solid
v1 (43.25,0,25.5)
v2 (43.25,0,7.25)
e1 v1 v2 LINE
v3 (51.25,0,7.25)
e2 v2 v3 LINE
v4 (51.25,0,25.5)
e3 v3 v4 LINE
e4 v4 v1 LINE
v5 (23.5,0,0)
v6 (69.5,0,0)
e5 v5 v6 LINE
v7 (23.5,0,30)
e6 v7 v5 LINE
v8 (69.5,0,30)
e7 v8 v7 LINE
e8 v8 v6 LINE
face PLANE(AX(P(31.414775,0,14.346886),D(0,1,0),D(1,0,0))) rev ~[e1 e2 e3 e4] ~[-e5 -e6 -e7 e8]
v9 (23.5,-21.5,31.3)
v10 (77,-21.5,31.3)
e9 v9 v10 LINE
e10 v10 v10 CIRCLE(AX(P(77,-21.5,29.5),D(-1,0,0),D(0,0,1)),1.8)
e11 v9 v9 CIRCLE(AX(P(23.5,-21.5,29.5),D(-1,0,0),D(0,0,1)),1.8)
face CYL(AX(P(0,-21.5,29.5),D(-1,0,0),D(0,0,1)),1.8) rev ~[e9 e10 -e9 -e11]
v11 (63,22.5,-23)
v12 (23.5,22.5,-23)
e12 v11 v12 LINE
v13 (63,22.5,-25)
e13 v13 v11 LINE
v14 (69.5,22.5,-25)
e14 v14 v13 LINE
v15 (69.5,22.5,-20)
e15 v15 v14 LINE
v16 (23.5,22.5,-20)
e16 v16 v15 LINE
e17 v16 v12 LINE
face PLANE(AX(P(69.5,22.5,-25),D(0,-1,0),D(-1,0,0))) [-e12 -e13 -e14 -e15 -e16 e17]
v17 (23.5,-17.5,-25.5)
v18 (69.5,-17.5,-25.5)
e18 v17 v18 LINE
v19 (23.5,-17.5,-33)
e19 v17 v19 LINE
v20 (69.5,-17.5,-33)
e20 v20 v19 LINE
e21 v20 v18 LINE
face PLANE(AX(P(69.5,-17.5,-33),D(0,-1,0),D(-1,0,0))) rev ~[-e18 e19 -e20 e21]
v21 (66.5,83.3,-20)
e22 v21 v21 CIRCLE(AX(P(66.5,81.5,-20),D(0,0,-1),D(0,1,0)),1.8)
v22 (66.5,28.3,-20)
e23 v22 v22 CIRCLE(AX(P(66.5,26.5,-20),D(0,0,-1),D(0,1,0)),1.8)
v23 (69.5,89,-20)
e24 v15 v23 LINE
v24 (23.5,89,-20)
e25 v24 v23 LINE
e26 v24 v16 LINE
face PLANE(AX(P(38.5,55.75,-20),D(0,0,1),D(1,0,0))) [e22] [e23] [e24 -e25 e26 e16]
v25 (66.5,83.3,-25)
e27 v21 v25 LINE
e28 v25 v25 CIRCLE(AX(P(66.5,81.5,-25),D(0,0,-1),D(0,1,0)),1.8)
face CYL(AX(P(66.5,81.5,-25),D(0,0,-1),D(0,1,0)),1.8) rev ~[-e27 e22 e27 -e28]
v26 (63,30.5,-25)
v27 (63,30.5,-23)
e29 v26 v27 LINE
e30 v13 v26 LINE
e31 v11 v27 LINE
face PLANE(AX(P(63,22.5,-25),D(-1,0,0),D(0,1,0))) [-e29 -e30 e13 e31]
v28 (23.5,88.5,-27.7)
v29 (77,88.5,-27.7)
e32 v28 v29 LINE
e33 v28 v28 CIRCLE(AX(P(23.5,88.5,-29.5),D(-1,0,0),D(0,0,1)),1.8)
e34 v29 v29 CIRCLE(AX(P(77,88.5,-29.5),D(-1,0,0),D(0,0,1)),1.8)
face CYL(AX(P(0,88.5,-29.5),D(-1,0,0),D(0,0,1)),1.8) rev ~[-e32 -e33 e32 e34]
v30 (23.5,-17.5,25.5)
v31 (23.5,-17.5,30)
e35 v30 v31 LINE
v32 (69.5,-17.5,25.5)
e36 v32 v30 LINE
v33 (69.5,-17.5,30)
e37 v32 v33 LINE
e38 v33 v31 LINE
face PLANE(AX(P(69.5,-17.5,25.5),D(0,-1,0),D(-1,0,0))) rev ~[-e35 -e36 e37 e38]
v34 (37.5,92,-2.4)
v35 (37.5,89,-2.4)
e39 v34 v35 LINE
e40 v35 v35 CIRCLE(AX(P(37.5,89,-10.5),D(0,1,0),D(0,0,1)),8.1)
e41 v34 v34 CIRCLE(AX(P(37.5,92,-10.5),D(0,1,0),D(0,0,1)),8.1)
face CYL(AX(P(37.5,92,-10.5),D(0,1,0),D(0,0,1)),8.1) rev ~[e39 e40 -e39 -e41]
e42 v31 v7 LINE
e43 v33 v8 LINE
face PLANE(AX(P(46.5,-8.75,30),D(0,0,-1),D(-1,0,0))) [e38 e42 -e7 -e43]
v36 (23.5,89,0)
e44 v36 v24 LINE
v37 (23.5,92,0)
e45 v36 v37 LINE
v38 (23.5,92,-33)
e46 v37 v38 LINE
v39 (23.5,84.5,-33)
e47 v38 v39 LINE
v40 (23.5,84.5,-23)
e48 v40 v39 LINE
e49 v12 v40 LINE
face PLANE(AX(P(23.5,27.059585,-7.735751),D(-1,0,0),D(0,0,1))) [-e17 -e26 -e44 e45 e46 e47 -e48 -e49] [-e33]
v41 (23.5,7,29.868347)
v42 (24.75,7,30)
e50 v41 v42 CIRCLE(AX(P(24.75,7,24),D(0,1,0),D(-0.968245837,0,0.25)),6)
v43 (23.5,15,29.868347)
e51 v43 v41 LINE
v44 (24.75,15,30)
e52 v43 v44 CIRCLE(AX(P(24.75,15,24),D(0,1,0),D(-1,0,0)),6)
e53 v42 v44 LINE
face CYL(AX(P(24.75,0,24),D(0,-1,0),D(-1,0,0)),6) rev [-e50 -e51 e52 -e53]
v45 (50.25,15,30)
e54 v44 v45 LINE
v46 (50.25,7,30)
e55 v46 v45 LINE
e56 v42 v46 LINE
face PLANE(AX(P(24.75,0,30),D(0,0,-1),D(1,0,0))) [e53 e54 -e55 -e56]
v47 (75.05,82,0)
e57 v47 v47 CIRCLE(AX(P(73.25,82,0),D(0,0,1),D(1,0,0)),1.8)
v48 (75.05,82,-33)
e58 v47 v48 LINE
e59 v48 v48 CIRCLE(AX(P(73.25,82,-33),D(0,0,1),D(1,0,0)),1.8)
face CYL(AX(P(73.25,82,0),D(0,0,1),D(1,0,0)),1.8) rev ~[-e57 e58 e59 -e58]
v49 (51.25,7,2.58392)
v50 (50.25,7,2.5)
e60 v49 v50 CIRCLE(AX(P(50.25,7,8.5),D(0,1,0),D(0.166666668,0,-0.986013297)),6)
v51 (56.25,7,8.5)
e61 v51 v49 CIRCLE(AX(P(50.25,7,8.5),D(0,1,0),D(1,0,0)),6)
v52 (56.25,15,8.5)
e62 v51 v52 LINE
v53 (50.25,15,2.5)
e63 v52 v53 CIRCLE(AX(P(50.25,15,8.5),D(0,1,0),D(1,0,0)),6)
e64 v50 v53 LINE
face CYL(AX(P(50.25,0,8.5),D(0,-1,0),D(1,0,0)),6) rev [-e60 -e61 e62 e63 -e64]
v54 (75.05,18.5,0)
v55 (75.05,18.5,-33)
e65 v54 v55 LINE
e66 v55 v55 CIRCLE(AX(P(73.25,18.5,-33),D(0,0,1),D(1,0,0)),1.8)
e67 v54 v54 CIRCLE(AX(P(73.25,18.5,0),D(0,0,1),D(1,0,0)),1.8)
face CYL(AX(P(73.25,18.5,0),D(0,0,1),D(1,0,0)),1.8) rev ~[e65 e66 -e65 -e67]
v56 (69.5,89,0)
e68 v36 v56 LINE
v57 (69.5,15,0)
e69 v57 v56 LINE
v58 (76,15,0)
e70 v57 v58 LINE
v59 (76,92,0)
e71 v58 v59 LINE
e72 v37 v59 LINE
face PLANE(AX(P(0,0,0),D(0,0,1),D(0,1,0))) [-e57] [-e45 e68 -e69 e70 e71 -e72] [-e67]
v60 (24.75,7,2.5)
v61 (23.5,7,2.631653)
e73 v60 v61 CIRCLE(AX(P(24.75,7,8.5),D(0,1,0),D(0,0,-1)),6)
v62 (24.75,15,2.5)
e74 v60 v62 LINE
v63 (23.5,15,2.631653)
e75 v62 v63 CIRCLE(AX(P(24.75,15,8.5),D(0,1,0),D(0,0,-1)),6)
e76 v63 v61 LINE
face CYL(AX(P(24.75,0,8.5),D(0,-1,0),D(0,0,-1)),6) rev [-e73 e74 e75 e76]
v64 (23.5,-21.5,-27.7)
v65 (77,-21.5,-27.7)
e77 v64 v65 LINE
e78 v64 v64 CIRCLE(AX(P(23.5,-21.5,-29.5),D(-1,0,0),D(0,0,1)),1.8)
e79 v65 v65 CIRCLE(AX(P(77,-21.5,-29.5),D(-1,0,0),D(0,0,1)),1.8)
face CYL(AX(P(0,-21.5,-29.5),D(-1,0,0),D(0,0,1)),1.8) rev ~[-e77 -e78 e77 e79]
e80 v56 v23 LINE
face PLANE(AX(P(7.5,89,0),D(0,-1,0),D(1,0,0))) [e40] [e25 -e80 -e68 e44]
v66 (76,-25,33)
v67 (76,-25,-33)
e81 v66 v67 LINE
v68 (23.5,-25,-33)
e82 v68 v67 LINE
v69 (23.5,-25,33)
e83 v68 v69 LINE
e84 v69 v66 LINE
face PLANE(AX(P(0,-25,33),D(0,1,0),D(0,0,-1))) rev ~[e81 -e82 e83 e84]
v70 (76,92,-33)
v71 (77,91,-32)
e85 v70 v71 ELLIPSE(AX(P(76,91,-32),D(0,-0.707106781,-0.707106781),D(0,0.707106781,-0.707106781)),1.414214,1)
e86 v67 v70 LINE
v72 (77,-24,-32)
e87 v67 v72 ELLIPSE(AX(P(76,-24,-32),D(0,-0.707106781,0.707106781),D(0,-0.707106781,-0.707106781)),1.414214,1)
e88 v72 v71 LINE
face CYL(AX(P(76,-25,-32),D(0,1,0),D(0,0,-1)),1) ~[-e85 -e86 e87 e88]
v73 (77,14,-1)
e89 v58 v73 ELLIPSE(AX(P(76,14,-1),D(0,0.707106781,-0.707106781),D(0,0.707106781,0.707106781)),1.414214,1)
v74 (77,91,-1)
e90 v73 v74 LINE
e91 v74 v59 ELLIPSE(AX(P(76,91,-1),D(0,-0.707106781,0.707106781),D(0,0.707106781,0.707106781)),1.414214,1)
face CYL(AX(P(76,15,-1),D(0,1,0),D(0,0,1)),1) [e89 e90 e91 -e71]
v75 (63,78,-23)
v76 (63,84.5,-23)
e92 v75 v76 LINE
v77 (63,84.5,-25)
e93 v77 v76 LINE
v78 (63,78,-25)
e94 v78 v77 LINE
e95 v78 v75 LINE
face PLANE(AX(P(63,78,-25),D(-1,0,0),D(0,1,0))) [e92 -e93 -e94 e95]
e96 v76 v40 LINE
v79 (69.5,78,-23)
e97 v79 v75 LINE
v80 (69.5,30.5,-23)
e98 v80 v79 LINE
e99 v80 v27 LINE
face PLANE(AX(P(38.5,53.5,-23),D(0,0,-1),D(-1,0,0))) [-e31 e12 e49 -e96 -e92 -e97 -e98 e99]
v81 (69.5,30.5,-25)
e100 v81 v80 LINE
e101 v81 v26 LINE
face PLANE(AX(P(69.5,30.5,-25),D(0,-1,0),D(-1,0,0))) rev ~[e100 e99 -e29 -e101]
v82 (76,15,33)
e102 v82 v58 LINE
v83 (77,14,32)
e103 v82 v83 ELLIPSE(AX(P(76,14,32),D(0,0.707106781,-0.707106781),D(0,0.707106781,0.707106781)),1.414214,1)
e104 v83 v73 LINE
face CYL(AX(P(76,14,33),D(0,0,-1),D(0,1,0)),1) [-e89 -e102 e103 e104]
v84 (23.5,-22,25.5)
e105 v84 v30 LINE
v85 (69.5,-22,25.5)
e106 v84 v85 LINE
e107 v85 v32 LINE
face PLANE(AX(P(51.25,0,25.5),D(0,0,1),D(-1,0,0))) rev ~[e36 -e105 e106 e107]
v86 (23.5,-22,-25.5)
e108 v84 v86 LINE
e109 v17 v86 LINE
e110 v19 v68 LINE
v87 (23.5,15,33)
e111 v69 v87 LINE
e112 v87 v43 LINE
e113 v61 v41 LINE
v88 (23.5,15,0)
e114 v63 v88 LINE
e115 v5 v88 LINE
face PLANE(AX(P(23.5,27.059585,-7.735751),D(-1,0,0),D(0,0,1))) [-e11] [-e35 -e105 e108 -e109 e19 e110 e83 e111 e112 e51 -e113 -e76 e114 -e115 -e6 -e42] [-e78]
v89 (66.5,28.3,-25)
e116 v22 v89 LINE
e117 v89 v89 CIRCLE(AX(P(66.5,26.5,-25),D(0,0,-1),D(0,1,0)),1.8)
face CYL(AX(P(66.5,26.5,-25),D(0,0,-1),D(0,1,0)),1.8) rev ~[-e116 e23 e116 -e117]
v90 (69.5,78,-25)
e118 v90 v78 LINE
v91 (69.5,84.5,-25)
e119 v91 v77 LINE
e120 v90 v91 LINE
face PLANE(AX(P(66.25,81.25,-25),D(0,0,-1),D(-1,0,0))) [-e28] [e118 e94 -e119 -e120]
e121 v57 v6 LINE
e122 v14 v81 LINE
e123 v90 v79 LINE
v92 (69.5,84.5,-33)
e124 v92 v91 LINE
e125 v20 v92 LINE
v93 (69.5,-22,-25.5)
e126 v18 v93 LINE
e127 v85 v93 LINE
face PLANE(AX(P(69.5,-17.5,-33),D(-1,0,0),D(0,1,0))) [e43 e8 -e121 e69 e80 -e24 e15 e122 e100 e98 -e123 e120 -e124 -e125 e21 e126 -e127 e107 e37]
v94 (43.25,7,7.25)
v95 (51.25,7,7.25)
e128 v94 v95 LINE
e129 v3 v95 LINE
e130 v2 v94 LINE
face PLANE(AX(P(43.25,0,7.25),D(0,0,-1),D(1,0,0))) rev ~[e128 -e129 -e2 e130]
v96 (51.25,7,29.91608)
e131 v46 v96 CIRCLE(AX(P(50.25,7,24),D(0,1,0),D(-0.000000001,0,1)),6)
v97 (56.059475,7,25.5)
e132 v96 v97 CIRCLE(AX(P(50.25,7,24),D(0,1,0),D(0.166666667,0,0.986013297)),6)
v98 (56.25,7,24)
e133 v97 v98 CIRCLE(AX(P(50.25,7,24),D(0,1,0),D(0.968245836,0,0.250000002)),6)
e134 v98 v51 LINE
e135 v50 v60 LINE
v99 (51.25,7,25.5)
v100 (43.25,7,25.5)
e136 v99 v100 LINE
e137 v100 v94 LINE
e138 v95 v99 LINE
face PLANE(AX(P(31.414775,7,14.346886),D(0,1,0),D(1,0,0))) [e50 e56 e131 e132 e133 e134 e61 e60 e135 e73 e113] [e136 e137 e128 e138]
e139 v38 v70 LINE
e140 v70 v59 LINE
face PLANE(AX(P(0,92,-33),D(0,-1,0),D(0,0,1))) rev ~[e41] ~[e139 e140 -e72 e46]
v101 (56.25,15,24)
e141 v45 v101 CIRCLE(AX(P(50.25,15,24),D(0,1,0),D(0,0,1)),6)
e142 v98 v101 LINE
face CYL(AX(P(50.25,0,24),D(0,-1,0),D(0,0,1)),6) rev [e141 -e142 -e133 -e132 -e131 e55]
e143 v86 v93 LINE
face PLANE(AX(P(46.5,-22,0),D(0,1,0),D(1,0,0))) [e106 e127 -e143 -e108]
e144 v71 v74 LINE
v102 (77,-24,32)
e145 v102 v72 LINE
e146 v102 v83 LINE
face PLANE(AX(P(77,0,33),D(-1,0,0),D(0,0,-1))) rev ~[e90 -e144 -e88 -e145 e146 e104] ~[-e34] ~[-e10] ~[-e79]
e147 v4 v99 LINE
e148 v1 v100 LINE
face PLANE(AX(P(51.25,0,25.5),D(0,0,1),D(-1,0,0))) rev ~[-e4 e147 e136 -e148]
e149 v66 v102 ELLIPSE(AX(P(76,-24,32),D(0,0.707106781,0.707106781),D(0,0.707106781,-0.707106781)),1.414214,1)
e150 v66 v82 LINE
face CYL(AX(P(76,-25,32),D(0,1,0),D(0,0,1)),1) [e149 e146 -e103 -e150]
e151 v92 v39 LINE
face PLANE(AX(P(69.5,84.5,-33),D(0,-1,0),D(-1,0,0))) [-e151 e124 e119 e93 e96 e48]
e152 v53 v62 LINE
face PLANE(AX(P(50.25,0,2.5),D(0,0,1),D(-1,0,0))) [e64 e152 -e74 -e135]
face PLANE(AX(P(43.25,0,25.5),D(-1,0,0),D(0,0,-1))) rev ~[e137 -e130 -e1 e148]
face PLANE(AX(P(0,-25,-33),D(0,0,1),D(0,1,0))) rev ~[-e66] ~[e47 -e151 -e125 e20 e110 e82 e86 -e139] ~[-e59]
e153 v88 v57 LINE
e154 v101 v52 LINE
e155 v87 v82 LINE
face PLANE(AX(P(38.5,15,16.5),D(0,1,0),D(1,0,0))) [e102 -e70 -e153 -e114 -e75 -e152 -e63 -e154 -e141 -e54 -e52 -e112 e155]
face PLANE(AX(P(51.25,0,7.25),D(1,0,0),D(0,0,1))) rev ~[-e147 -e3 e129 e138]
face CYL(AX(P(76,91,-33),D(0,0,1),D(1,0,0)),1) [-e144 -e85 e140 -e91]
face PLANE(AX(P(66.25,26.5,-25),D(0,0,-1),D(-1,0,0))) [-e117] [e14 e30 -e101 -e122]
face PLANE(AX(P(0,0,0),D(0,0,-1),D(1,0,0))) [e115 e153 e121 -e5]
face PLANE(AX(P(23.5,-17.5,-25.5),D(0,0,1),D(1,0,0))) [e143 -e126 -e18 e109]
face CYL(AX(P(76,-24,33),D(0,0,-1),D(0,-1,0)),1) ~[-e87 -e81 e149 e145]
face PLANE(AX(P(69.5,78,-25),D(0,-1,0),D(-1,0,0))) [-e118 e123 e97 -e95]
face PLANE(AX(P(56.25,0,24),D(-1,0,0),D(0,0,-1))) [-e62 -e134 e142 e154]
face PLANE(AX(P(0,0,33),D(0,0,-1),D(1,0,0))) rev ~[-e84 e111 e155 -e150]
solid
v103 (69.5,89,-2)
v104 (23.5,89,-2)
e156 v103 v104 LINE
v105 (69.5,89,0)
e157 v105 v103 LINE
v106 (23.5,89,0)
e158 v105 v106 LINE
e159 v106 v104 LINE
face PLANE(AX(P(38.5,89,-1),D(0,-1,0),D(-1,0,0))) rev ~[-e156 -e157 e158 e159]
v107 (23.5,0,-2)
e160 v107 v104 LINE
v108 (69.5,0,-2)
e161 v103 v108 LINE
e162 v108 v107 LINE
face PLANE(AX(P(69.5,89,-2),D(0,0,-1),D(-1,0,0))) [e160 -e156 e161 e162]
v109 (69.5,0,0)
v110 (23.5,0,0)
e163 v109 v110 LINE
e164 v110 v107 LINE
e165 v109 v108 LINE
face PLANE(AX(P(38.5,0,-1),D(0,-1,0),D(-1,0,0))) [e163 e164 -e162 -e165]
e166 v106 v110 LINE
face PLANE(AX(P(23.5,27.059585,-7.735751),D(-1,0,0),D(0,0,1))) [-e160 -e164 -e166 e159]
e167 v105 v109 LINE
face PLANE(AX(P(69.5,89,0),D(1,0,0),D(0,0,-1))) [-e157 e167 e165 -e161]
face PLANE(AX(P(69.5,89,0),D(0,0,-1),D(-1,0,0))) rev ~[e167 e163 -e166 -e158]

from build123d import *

# Parameters (mm, degrees)
SKETCH_1_W           = 33
SKETCH_1_H           = 25
SKETCH_1_W_2         = 23
SKETCH_1_H_2         = 117
SKETCH_1_W_3         = 10
EXTRUDE_1_DEPTH      = 77
SKETCH_2_W           = 62
SKETCH_2_H           = 62
CUT_EXTRUDE_1_DEPTH  = 10
SKETCH_3_R           = 8.1
CUT_EXTRUDE_2_DEPTH  = 10
SKETCH_4_W           = 62
SKETCH_4_H           = 40
CUT_EXTRUDE_3_DEPTH  = 58.5
SKETCH_5_W           = 77
SKETCH_5_H           = 33
EXTRUDE_2_DEPTH      = 15
EXTRUDE_3_DEPTH      = 7
SKETCH_7_W           = 62
SKETCH_7_H           = 66.5
CUT_EXTRUDE_4_DEPTH  = 20
SKETCH_8_W           = 62
SKETCH_8_H           = 2
EXTRUDE_4_DEPTH      = 89
SKETCH_9_R           = 1.8
CUT_EXTRUDE_5_DEPTH  = 125.426685241
SKETCH_10_R          = 1.8
CUT_EXTRUDE_6_DEPTH  = 125.426685241
SKETCH_12_R          = 1.8
CUT_EXTRUDE_7_DEPTH  = 3
SKETCH_13_W          = 7.5
SKETCH_13_H          = 11.5
CUT_EXTRUDE_8_DEPTH  = 10
EXTRUDE_START        = 2
SKETCH_14_W          = 6.5
SKETCH_14_H          = 6.5
SKETCH_14_R          = 1.8
SKETCH_14_W_2        = 8
SKETCH_14_H_2        = 8
EXTRUDE_6_DEPTH      = 2
CUT_EXTRUDE_9_DEPTH  = 23.5
SKETCH_17_W          = 46
SKETCH_17_H          = 51
CUT_EXTRUDE_11_DEPTH = 4.5
SKETCH_18_W          = 46
SKETCH_18_H          = 17.5
CUT_EXTRUDE_12_DEPTH = 4.5
FILLET_1_R           = 1


with BuildPart() as part:
    # Sketch 1 → Extrude 1 (new body)
    with BuildSketch(Plane(origin=(0, 0, 0), x_dir=(0, 0, -1), z_dir=(1, 0, 0))):
        with Locations((-16.5, -12.5)):
            Rectangle(SKETCH_1_W, SKETCH_1_H)
        with Locations((11.5, 33.5)):
            Rectangle(SKETCH_1_W_2, SKETCH_1_H_2)
        with Locations((28, 33.5)):
            Rectangle(SKETCH_1_W_3, SKETCH_1_H_2)
    extrude(amount=EXTRUDE_1_DEPTH)

    # Sketch 2 → Cut-Extrude 1 (cut)
    with BuildSketch(Plane(origin=(0, 0, -33), x_dir=(-1, 0, 0), z_dir=(0, 0, -1))):
        with Locations((-38.5, 53.5)):
            Rectangle(SKETCH_2_W, SKETCH_2_H)
    extrude(amount=-CUT_EXTRUDE_1_DEPTH, mode=Mode.SUBTRACT)

    # Sketch 3 → Cut-Extrude 2 (cut)
    with BuildSketch(Plane(origin=(0, 92, 0), x_dir=(1, 0, 0), z_dir=(0, 1, 0))):
        with Locations(Location((37.5, 10.5, 0), (0, 0, 270))):
            Circle(SKETCH_3_R)
    extrude(amount=-CUT_EXTRUDE_2_DEPTH, mode=Mode.SUBTRACT)

    # Sketch 4 → Cut-Extrude 3 (cut)
    with BuildSketch(Plane(origin=(0, 0, -33), x_dir=(-1, 0, 0), z_dir=(0, 0, -1))):
        with Locations((-38.5, 2.5)):
            Rectangle(SKETCH_4_W, SKETCH_4_H)
    extrude(amount=-CUT_EXTRUDE_3_DEPTH, mode=Mode.SUBTRACT)

    # Sketch 5 → Extrude 2 (add)
    with BuildSketch(Plane(origin=(0, 0, 0), x_dir=(1, 0, 0), z_dir=(0, 1, 0))):
        with Locations((38.5, -16.5)):
            Rectangle(SKETCH_5_W, SKETCH_5_H)
        with BuildLine():
            Line((50.25, -2.5), (24.75, -2.5))
            ThreePointArc((24.75, -2.5), (20.507359313, -4.257359313), (18.75, -8.5))
            Line((18.75, -8.5), (18.75, -24))
            ThreePointArc((18.75, -24), (20.507359313, -28.242640687), (24.75, -30))
            Line((24.75, -30), (50.25, -30))
            ThreePointArc((50.25, -30), (54.492640687, -28.242640687), (56.25, -24))
            Line((56.25, -24), (56.25, -8.5))
            ThreePointArc((56.25, -8.5), (54.492640687, -4.257359313), (50.25, -2.5))
        make_face(mode=Mode.SUBTRACT)
    extrude(amount=EXTRUDE_2_DEPTH)

    # Sketch 6 → Extrude 3 (add)
    with BuildSketch(Plane(origin=(0, 0, 0), x_dir=(1, 0, 0), z_dir=(0, 1, 0))):
        with BuildLine():
            Line((43.25, -25.5), (43.25, -25.25))
            Line((43.25, -25.25), (43.25, -7.25))
            Line((43.25, -7.25), (43.25, -2.5))
            Line((43.25, -2.5), (24.75, -2.5))
            ThreePointArc((24.75, -2.5), (20.507359313, -4.257359313), (18.75, -8.5))
            Line((18.75, -8.5), (18.75, -24))
            ThreePointArc((18.75, -24), (18.797821822, -24.756025755), (18.940524981, -25.5))
            Line((18.940524981, -25.5), (43.25, -25.5))
        make_face()
        with BuildLine():
            Line((43.25, -30), (43.25, -25.5))
            Line((43.25, -25.5), (18.940524981, -25.5))
            ThreePointArc((18.940524981, -25.5), (21.075765386, -28.74341649), (24.75, -30))
            Line((24.75, -30), (43.25, -30))
        make_face()
        with BuildLine():
            Line((51.25, -25.5), (43.25, -25.5))
            Line((43.25, -25.5), (43.25, -30))
            Line((43.25, -30), (50.25, -30))
            ThreePointArc((50.25, -30), (50.751757562, -29.978983137), (51.25, -29.916079783))
            Line((51.25, -29.916079783), (51.25, -25.5))
        make_face()
        with BuildLine():
            Line((51.25, -7.25), (51.25, -25.25))
            Line((51.25, -25.25), (51.25, -25.5))
            Line((51.25, -25.5), (56.059475019, -25.5))
            ThreePointArc((56.059475019, -25.5), (56.202178178, -24.756025755), (56.25, -24))
            Line((56.25, -24), (56.25, -8.5))
            ThreePointArc((56.25, -8.5), (54.832575695, -4.627016654), (51.25, -2.583920217))
            Line((51.25, -2.583920217), (51.25, -7.25))
        make_face()
        with BuildLine():
            Line((56.059475019, -25.5), (51.25, -25.5))
            Line((51.25, -25.5), (51.25, -29.916079783))
            ThreePointArc((51.25, -29.916079783), (54.308038648, -28.419538701), (56.059475019, -25.5))
        make_face()
        with BuildLine():
            Line((43.25, -2.5), (43.25, -7.25))
            Line((43.25, -7.25), (51.25, -7.25))
            Line((51.25, -7.25), (51.25, -2.583920217))
            ThreePointArc((51.25, -2.583920217), (50.751757562, -2.521016863), (50.25, -2.5))
            Line((50.25, -2.5), (43.25, -2.5))
        make_face()
    extrude(amount=EXTRUDE_3_DEPTH)

    # Sketch 7 → Cut-Extrude 4 (cut)
    with BuildSketch(Plane.XY):
        with Locations((38.5, 55.75)):
            Rectangle(SKETCH_7_W, SKETCH_7_H)
    extrude(amount=-CUT_EXTRUDE_4_DEPTH, mode=Mode.SUBTRACT)

    # Sketch 9 → Cut-Extrude 5 (cut, through all)
    with BuildSketch(Plane.ZY):
        with Locations((-29.5, 88.5)):
            Circle(SKETCH_9_R)
        with Locations((-29.5, -21.5)):
            Circle(SKETCH_9_R)
        with Locations((29.5, -21.5)):
            Circle(SKETCH_9_R)
    extrude(amount=-CUT_EXTRUDE_5_DEPTH, mode=Mode.SUBTRACT)

    # Sketch 10 → Cut-Extrude 6 (cut, through all)
    with BuildSketch(Plane.XY):
        with Locations((3.75, 82)):
            Circle(SKETCH_10_R)
        with Locations((73.25, 82)):
            Circle(SKETCH_10_R)
        with Locations((73.25, 18.5)):
            Circle(SKETCH_10_R)
        with Locations((3.75, 18.5)):
            Circle(SKETCH_10_R)
    extrude(amount=-CUT_EXTRUDE_6_DEPTH, mode=Mode.SUBTRACT)

    # Sketch 12 → Cut-Extrude 7 (cut)
    with BuildSketch(Plane(origin=(0, 0, -23), x_dir=(-1, 0, 0), z_dir=(0, 0, -1))):
        with Locations(Location((-66.5, 81.5, 0), (0, 0, 90))):
            Circle(SKETCH_12_R)
        with Locations(Location((-11.5, 81.5, 0), (0, 0, 90))):
            Circle(SKETCH_12_R)
        with Locations(Location((-11.5, 26.5, 0), (0, 0, 90))):
            Circle(SKETCH_12_R)
        with Locations(Location((-66.5, 26.5, 0), (0, 0, 90))):
            Circle(SKETCH_12_R)
    extrude(amount=-CUT_EXTRUDE_7_DEPTH, mode=Mode.SUBTRACT)

    # Sketch 13 → Cut-Extrude 8 (cut)
    with BuildSketch(Plane(origin=(0, 0, -33), x_dir=(-1, 0, 0), z_dir=(0, 0, -1))):
        with Locations((-3.75, 36.25)):
            Rectangle(SKETCH_13_W, SKETCH_13_H)
    extrude(amount=-CUT_EXTRUDE_8_DEPTH, mode=Mode.SUBTRACT)

    # Sketch 14 → Extrude 6 (add)
    # profile 1 of 4: a face of its own
    with BuildSketch(Plane(origin=(0, 0, -23), x_dir=(-1, 0, 0), z_dir=(0, 0, -1)).offset(EXTRUDE_START)):
        with Locations((-66.25, 81.25)):
            Rectangle(SKETCH_14_W, SKETCH_14_H)
        with Locations(Location((-66.5, 81.5, 0), (0, 0, 90))):
            Circle(SKETCH_14_R, mode=Mode.SUBTRACT)
    # profile 2 of 4: a face of its own
    with BuildSketch(Plane(origin=(0, 0, -23), x_dir=(-1, 0, 0), z_dir=(0, 0, -1)).offset(EXTRUDE_START)):
        with Locations((-11.5, 81.25)):
            Rectangle(SKETCH_14_W_2, SKETCH_14_H)
        with Locations(Location((-11.5, 81.5, 0), (0, 0, 90))):
            Circle(SKETCH_14_R, mode=Mode.SUBTRACT)
    # profile 3 of 4: a face of its own
    with BuildSketch(Plane(origin=(0, 0, -23), x_dir=(-1, 0, 0), z_dir=(0, 0, -1)).offset(EXTRUDE_START)):
        with Locations((-11.5, 26.5)):
            Rectangle(SKETCH_14_W_2, SKETCH_14_H_2)
        with Locations(Location((-11.5, 26.5, 0), (0, 0, 90))):
            Circle(SKETCH_14_R, mode=Mode.SUBTRACT)
    # profile 4 of 4: a face of its own
    with BuildSketch(Plane(origin=(0, 0, -23), x_dir=(-1, 0, 0), z_dir=(0, 0, -1)).offset(EXTRUDE_START)):
        with Locations((-66.25, 26.5)):
            Rectangle(SKETCH_14_W, SKETCH_14_H_2)
        with Locations(Location((-66.5, 26.5, 0), (0, 0, 90))):
            Circle(SKETCH_14_R, mode=Mode.SUBTRACT)
    extrude(amount=-EXTRUDE_6_DEPTH)


with BuildPart() as body_2:
    # Sketch 8 → Extrude 4 (new body)
    with BuildSketch(Plane(origin=(0, 89, 0), x_dir=(-1, 0, 0), z_dir=(0, -1, 0))):
        with Locations((-38.5, 1)):
            Rectangle(SKETCH_8_W, SKETCH_8_H)
    extrude(amount=EXTRUDE_4_DEPTH)


with BuildPart() as cut_extrude_9_tool:
    # Sketch 15 → Cut-Extrude 9 (new body)
    with BuildSketch(Plane.ZY):
        Polygon((-23, 42), (-23, 30.5), (-33, 30.5), (-33, -25), (33, -25), (33, 15), (0, 15), (0, 92), (-33, 92), (-33, 42), align=None)
    extrude(amount=-CUT_EXTRUDE_9_DEPTH)


with BuildPart() as part_1:
    add(part.part)

    # Cut-Extrude 9: cut by cut_extrude_9_tool
    add(cut_extrude_9_tool.part, mode=Mode.SUBTRACT)

    # Sketch 17 → Cut-Extrude 11 (cut)
    with BuildSketch(Plane(origin=(0, -17.5, 0), x_dir=(1, 0, 0), z_dir=(0, 1, 0))):
        with Locations((46.5, 0)):
            Rectangle(SKETCH_17_W, SKETCH_17_H)
    extrude(amount=-CUT_EXTRUDE_11_DEPTH, mode=Mode.SUBTRACT)

    # Sketch 18 → Cut-Extrude 12 (cut)
    with BuildSketch(Plane(origin=(0, 0, 25.5), x_dir=(-1, 0, 0), z_dir=(0, 0, -1))):
        with Locations((-46.5, -8.75)):
            Rectangle(SKETCH_18_W, SKETCH_18_H)
    extrude(amount=-CUT_EXTRUDE_12_DEPTH, mode=Mode.SUBTRACT)

    # Fillet 1
    fillet_1_edges = [part_1.edges().sort_by_distance(p)[0] for p in [
        (77, -5, 33),
        (77, -25, 0),
        (77, 33.5, -33),
        (77, 92, -16.5),
        (77, 53.5, 0),
        (77, 15, 16.5),
    ]]
    fillet(fillet_1_edges, radius=FILLET_1_R)


with BuildPart() as body_2_1:
    add(body_2.part)

    # Cut-Extrude 9: cut by cut_extrude_9_tool
    add(cut_extrude_9_tool.part, mode=Mode.SUBTRACT)


solid = Compound([part_1.part, body_2_1.part])
